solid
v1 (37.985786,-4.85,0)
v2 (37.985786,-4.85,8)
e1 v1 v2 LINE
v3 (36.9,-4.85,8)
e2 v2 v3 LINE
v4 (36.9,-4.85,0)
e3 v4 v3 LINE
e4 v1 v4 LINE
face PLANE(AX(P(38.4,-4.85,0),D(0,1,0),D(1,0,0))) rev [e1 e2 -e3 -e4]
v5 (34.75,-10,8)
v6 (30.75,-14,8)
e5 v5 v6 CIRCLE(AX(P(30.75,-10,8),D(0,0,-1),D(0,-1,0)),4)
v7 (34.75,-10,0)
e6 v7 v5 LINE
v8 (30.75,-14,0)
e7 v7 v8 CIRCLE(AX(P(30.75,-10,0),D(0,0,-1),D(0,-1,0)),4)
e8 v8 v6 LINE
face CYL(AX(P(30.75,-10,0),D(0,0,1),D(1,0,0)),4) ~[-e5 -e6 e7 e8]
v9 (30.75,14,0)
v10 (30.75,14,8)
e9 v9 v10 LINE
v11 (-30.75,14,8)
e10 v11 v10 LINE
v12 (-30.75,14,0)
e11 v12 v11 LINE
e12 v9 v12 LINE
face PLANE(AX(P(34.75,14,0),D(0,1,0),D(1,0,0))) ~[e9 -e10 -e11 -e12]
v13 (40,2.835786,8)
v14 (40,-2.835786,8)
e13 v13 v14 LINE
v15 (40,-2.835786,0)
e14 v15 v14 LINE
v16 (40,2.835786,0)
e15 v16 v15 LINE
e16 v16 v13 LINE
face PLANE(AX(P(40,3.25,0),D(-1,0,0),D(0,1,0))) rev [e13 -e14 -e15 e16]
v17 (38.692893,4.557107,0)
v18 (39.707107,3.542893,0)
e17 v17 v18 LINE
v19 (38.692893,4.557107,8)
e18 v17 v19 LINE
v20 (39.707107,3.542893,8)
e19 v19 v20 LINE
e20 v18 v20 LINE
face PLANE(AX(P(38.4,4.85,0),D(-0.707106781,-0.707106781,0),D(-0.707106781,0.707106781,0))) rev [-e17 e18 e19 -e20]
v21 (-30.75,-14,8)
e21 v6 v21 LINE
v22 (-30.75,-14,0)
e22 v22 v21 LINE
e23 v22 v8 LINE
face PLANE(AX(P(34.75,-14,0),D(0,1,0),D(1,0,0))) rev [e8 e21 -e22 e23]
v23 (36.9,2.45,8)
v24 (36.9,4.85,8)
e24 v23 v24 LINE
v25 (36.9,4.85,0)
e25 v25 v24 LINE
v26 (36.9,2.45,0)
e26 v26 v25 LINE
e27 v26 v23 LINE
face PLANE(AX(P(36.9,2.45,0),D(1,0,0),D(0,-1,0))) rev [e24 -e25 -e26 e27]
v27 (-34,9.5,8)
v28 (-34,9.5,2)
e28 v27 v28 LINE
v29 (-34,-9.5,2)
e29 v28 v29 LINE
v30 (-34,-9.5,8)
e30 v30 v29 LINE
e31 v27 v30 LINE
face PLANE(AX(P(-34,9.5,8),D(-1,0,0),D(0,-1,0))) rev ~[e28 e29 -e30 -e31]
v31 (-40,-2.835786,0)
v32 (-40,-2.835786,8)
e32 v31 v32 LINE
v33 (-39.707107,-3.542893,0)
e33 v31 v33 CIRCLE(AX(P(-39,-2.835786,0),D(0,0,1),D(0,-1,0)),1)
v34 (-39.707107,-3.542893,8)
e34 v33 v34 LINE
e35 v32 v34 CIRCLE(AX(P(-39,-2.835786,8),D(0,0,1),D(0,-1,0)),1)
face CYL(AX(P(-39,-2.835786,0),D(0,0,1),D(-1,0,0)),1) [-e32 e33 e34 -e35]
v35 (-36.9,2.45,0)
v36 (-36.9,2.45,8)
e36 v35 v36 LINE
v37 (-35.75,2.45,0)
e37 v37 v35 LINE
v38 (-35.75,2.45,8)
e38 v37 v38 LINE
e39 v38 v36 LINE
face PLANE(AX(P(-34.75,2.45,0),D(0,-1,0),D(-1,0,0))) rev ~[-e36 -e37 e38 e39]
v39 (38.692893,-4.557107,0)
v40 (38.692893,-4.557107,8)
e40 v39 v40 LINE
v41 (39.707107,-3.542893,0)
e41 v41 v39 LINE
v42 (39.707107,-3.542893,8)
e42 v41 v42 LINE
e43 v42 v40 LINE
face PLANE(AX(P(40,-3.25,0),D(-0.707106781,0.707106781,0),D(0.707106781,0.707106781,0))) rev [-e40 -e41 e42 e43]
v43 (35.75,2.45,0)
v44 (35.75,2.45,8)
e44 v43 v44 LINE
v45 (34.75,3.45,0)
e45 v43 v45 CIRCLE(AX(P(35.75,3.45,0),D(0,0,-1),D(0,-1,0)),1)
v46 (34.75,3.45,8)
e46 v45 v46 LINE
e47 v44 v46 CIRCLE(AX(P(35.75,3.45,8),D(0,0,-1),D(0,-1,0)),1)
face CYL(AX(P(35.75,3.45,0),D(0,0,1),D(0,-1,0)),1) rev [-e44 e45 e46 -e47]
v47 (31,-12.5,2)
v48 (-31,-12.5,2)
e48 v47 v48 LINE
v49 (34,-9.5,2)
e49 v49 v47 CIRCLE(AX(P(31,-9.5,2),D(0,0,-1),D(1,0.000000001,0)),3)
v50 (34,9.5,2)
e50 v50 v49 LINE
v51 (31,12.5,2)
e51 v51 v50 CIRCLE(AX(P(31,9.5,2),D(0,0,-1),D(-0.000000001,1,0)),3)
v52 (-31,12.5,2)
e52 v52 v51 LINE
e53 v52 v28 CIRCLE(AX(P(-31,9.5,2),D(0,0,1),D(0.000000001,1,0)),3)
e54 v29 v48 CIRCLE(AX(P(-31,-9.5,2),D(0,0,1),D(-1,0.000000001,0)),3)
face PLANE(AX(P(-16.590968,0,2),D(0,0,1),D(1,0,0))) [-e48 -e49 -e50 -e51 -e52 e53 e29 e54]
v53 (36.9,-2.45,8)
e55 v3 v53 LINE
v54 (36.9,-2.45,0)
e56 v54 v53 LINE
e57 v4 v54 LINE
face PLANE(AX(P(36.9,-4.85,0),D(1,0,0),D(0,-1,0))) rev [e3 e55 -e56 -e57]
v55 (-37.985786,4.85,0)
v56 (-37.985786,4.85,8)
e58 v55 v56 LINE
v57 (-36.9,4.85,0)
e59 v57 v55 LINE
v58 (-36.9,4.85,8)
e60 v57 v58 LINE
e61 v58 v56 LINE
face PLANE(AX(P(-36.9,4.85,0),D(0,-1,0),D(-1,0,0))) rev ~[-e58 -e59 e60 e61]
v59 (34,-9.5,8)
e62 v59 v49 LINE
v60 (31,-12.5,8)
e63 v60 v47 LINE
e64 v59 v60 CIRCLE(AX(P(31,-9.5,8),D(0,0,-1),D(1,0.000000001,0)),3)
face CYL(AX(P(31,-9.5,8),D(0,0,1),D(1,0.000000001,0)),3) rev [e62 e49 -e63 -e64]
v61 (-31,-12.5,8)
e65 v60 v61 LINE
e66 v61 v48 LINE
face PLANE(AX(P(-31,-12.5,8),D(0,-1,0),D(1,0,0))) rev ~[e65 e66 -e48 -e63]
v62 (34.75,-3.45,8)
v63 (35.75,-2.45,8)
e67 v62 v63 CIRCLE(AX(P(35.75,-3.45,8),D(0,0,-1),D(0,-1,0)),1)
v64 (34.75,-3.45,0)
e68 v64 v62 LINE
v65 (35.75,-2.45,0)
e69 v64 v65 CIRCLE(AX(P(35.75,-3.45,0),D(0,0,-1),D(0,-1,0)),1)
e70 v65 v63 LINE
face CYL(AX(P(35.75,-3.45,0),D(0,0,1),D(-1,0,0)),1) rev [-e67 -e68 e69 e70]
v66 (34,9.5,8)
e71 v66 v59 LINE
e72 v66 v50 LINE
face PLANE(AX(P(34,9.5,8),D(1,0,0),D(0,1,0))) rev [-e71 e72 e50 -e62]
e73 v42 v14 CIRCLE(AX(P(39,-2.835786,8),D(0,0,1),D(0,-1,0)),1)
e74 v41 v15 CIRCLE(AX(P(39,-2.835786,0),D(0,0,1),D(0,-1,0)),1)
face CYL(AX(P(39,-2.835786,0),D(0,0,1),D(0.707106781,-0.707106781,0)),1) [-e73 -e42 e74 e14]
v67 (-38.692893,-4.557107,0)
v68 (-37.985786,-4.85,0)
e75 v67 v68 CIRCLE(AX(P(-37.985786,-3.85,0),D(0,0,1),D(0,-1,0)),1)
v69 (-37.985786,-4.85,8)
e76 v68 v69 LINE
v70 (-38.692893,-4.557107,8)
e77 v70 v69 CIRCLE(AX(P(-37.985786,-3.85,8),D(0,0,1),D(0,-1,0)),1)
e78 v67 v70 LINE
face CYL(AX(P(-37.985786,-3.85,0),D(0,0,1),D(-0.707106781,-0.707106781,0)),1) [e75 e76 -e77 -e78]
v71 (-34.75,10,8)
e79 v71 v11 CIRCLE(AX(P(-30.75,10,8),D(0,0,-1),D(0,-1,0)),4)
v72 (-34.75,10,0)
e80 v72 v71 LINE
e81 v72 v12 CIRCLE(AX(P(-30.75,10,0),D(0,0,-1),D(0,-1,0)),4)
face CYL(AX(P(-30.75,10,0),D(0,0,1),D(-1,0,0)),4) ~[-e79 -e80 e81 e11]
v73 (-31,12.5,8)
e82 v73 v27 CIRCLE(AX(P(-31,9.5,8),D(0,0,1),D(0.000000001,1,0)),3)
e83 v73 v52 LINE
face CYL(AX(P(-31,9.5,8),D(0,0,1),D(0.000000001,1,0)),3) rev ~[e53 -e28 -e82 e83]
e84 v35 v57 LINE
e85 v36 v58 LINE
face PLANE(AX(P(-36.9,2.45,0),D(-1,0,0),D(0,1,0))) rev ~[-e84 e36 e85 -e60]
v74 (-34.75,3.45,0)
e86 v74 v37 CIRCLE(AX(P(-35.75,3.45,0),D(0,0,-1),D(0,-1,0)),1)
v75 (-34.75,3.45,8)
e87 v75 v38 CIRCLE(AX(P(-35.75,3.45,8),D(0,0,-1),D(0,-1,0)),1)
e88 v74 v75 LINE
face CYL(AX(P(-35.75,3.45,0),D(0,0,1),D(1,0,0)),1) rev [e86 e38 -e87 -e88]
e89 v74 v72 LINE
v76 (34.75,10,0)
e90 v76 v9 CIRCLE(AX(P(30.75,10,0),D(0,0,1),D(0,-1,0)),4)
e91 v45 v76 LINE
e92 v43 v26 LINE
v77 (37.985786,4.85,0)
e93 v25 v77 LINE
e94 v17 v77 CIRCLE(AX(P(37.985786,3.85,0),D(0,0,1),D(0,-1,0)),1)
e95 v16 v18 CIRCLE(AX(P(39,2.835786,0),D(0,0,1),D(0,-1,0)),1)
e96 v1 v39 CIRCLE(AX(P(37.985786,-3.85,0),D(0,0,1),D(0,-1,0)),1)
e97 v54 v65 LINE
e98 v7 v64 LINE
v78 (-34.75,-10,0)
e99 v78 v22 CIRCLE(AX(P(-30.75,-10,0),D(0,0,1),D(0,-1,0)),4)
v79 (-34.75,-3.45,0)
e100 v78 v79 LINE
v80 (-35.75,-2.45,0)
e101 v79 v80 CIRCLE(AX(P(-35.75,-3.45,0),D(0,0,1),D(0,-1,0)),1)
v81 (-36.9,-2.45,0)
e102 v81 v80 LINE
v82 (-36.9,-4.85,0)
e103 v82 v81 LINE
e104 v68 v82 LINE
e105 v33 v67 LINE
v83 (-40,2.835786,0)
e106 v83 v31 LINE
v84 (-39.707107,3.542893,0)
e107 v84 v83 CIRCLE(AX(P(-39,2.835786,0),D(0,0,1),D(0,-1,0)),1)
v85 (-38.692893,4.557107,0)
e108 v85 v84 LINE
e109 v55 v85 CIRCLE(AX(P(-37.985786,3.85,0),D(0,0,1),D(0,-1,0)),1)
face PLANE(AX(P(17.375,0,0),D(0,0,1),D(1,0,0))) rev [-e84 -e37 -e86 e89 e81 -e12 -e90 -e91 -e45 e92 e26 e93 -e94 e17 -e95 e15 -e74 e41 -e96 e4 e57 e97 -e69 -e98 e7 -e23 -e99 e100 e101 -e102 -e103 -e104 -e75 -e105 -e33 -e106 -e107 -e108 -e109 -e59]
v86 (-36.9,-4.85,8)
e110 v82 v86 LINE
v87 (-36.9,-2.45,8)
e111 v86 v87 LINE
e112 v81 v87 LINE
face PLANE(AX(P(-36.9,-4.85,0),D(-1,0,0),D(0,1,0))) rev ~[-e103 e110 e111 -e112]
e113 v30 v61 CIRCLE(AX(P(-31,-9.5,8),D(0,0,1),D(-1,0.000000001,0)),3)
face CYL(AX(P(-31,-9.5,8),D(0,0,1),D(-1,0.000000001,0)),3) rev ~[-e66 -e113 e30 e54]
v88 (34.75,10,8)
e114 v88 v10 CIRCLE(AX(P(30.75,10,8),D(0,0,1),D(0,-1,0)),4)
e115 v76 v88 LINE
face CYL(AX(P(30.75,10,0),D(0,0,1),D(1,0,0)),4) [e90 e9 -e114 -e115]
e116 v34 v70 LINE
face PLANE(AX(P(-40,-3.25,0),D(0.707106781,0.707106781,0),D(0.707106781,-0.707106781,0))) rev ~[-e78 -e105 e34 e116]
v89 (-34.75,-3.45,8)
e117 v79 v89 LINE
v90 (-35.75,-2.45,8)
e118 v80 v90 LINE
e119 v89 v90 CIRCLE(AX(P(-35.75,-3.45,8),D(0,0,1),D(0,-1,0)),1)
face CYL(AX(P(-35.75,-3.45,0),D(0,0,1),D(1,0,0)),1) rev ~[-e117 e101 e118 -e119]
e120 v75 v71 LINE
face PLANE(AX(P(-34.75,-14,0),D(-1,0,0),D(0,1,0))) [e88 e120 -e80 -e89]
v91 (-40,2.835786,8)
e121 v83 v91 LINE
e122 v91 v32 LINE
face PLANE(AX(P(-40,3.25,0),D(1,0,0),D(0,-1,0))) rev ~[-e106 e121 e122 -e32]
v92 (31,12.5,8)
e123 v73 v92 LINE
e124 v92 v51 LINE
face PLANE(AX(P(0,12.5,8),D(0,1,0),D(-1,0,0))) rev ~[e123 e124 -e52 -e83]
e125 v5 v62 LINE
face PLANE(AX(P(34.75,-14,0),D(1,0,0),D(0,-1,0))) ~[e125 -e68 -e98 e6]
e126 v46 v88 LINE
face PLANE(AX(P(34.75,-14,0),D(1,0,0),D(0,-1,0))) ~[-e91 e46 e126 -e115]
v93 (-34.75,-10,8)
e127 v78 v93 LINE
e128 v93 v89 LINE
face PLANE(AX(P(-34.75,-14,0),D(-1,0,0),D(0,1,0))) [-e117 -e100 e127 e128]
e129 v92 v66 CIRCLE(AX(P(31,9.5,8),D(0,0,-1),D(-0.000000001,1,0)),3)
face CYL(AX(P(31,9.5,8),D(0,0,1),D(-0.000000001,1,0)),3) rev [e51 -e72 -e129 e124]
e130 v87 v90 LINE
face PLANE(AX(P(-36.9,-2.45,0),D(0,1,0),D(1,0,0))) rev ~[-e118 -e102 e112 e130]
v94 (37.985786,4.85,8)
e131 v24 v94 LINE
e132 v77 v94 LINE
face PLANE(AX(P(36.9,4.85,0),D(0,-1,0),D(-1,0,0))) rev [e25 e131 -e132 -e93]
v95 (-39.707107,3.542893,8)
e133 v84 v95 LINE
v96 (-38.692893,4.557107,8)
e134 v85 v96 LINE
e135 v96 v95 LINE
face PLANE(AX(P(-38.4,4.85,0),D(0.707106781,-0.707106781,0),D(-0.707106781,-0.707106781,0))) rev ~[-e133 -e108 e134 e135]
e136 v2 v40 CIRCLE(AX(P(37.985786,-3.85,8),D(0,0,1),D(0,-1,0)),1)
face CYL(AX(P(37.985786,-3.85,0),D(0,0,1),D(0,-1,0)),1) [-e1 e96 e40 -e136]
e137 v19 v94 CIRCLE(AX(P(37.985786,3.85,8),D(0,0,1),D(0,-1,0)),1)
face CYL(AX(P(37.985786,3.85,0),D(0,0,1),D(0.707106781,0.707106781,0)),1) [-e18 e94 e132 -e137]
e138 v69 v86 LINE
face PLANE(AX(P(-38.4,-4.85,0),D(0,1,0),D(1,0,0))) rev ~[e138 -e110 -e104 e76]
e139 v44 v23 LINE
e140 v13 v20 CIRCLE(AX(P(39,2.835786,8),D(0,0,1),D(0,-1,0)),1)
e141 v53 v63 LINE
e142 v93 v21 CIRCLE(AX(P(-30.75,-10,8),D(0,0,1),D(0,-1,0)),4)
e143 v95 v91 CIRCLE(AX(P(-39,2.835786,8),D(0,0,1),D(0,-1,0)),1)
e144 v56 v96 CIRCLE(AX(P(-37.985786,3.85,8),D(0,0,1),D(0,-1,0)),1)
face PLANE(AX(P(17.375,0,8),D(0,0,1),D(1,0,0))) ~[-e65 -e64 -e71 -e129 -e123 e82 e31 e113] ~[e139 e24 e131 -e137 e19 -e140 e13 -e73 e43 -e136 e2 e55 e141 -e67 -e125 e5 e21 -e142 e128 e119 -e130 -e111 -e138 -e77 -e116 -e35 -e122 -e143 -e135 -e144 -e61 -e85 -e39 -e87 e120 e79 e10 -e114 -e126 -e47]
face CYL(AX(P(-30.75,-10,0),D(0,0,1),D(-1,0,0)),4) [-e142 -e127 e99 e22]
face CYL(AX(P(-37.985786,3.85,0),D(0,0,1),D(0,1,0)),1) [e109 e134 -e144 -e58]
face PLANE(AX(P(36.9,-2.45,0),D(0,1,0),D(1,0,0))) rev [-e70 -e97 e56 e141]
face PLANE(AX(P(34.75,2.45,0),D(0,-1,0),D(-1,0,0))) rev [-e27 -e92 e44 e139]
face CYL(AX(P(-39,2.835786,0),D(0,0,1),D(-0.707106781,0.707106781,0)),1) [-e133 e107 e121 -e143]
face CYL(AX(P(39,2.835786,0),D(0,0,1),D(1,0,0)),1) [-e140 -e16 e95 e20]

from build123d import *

# Parameters (mm, degrees)
ESQUISSE1_W             = 34.75
ESQUISSE1_H             = 28
BOSS_EXTRU_1_DEPTH      = 8
CONG_1_R                = 4
ENL_V_MAT_EXTRU_1_DEPTH = 6
BOSS_EXTRU_2_DEPTH      = 8
CONG_2_R                = 1
CONG_1_OF_SYM_TRIE1_R   = 4
CONG_2_OF_SYM_TRIE1_R   = 1


with BuildPart() as part:
    # Esquisse1 → Boss.-Extru.1 (new body)
    with BuildSketch(Plane.XY):
        with Locations((-17.375, 0)):
            Rectangle(ESQUISSE1_W, ESQUISSE1_H)
    boss_extru_1 = extrude(amount=BOSS_EXTRU_1_DEPTH)

    # Congé1
    cong_1_edges = [part.edges().sort_by_distance(p)[0] for p in [
        (-34.75, -14, 4),
        (-34.75, 14, 4),
    ]]
    fillet(cong_1_edges, radius=CONG_1_R)

    # Esquisse3 → Enlèv. mat.-Extru.1 (cut)
    with BuildSketch(Plane.XY.offset(8)):
        with BuildLine():
            Line((0, -12.5), (0, 12.5))
            Line((0, 12.5), (-31, 12.5))
            ThreePointArc((-31, 12.5), (-33.121320344, 11.621320344), (-34, 9.5))
            Line((-34, 9.5), (-34, -9.5))
            ThreePointArc((-34, -9.5), (-33.121320344, -11.621320344), (-31, -12.5))
            Line((-31, -12.5), (0, -12.5))
        make_face()
    enl_v_mat_extru_1 = extrude(amount=-ENL_V_MAT_EXTRU_1_DEPTH, mode=Mode.SUBTRACT)

    # Esquisse5 → Boss.-Extru.2 (add)
    with BuildSketch(Plane.XY):
        Polygon((-34.75, 2.45), (-36.9, 2.45), (-36.9, 4.85), (-38.4, 4.85), (-40, 3.25), (-40, -3.25), (-38.4, -4.85), (-36.9, -4.85), (-36.9, -2.45), (-34.75, -2.45), align=None)
    boss_extru_2 = extrude(amount=BOSS_EXTRU_2_DEPTH)

    # Congé2
    cong_2_edges = [part.edges().sort_by_distance(p)[0] for p in [
        (-38.4, -4.85, 4),
        (-40, -3.25, 4),
        (-40, 3.25, 4),
        (-38.4, 4.85, 4),
        (-34.75, 2.45, 4),
        (-34.75, -2.45, 4),
    ]]
    fillet(cong_2_edges, radius=CONG_2_R)

    # Symétrie1: Boss.-Extru.1, Enlèv. mat.-Extru.1, Boss.-Extru.2 across plane
    add(boss_extru_1.mirror(Plane(origin=(0, -14, 8), x_dir=(0, 0, 1), z_dir=(-1, 0, 0))))
    add(enl_v_mat_extru_1.mirror(Plane(origin=(0, -14, 8), x_dir=(0, 0, 1), z_dir=(-1, 0, 0))), mode=Mode.SUBTRACT)
    add(boss_extru_2.mirror(Plane(origin=(0, -14, 8), x_dir=(0, 0, 1), z_dir=(-1, 0, 0))))

    # Congé1 of Symétrie1
    cong_1_of_sym_trie1_edges = [part.edges().sort_by_distance(p)[0] for p in [
        (34.75, -14, 4),
        (34.75, 14, 4),
    ]]
    fillet(cong_1_of_sym_trie1_edges, radius=CONG_1_OF_SYM_TRIE1_R)

    # Congé2 of Symétrie1
    cong_2_of_sym_trie1_edges = [part.edges().sort_by_distance(p)[0] for p in [
        (38.4, -4.85, 4),
        (40, -3.25, 4),
        (40, 3.25, 4),
        (38.4, 4.85, 4),
        (34.75, 2.45, 4),
        (34.75, -2.45, 4),
    ]]
    fillet(cong_2_of_sym_trie1_edges, radius=CONG_2_OF_SYM_TRIE1_R)


solid = part.part
